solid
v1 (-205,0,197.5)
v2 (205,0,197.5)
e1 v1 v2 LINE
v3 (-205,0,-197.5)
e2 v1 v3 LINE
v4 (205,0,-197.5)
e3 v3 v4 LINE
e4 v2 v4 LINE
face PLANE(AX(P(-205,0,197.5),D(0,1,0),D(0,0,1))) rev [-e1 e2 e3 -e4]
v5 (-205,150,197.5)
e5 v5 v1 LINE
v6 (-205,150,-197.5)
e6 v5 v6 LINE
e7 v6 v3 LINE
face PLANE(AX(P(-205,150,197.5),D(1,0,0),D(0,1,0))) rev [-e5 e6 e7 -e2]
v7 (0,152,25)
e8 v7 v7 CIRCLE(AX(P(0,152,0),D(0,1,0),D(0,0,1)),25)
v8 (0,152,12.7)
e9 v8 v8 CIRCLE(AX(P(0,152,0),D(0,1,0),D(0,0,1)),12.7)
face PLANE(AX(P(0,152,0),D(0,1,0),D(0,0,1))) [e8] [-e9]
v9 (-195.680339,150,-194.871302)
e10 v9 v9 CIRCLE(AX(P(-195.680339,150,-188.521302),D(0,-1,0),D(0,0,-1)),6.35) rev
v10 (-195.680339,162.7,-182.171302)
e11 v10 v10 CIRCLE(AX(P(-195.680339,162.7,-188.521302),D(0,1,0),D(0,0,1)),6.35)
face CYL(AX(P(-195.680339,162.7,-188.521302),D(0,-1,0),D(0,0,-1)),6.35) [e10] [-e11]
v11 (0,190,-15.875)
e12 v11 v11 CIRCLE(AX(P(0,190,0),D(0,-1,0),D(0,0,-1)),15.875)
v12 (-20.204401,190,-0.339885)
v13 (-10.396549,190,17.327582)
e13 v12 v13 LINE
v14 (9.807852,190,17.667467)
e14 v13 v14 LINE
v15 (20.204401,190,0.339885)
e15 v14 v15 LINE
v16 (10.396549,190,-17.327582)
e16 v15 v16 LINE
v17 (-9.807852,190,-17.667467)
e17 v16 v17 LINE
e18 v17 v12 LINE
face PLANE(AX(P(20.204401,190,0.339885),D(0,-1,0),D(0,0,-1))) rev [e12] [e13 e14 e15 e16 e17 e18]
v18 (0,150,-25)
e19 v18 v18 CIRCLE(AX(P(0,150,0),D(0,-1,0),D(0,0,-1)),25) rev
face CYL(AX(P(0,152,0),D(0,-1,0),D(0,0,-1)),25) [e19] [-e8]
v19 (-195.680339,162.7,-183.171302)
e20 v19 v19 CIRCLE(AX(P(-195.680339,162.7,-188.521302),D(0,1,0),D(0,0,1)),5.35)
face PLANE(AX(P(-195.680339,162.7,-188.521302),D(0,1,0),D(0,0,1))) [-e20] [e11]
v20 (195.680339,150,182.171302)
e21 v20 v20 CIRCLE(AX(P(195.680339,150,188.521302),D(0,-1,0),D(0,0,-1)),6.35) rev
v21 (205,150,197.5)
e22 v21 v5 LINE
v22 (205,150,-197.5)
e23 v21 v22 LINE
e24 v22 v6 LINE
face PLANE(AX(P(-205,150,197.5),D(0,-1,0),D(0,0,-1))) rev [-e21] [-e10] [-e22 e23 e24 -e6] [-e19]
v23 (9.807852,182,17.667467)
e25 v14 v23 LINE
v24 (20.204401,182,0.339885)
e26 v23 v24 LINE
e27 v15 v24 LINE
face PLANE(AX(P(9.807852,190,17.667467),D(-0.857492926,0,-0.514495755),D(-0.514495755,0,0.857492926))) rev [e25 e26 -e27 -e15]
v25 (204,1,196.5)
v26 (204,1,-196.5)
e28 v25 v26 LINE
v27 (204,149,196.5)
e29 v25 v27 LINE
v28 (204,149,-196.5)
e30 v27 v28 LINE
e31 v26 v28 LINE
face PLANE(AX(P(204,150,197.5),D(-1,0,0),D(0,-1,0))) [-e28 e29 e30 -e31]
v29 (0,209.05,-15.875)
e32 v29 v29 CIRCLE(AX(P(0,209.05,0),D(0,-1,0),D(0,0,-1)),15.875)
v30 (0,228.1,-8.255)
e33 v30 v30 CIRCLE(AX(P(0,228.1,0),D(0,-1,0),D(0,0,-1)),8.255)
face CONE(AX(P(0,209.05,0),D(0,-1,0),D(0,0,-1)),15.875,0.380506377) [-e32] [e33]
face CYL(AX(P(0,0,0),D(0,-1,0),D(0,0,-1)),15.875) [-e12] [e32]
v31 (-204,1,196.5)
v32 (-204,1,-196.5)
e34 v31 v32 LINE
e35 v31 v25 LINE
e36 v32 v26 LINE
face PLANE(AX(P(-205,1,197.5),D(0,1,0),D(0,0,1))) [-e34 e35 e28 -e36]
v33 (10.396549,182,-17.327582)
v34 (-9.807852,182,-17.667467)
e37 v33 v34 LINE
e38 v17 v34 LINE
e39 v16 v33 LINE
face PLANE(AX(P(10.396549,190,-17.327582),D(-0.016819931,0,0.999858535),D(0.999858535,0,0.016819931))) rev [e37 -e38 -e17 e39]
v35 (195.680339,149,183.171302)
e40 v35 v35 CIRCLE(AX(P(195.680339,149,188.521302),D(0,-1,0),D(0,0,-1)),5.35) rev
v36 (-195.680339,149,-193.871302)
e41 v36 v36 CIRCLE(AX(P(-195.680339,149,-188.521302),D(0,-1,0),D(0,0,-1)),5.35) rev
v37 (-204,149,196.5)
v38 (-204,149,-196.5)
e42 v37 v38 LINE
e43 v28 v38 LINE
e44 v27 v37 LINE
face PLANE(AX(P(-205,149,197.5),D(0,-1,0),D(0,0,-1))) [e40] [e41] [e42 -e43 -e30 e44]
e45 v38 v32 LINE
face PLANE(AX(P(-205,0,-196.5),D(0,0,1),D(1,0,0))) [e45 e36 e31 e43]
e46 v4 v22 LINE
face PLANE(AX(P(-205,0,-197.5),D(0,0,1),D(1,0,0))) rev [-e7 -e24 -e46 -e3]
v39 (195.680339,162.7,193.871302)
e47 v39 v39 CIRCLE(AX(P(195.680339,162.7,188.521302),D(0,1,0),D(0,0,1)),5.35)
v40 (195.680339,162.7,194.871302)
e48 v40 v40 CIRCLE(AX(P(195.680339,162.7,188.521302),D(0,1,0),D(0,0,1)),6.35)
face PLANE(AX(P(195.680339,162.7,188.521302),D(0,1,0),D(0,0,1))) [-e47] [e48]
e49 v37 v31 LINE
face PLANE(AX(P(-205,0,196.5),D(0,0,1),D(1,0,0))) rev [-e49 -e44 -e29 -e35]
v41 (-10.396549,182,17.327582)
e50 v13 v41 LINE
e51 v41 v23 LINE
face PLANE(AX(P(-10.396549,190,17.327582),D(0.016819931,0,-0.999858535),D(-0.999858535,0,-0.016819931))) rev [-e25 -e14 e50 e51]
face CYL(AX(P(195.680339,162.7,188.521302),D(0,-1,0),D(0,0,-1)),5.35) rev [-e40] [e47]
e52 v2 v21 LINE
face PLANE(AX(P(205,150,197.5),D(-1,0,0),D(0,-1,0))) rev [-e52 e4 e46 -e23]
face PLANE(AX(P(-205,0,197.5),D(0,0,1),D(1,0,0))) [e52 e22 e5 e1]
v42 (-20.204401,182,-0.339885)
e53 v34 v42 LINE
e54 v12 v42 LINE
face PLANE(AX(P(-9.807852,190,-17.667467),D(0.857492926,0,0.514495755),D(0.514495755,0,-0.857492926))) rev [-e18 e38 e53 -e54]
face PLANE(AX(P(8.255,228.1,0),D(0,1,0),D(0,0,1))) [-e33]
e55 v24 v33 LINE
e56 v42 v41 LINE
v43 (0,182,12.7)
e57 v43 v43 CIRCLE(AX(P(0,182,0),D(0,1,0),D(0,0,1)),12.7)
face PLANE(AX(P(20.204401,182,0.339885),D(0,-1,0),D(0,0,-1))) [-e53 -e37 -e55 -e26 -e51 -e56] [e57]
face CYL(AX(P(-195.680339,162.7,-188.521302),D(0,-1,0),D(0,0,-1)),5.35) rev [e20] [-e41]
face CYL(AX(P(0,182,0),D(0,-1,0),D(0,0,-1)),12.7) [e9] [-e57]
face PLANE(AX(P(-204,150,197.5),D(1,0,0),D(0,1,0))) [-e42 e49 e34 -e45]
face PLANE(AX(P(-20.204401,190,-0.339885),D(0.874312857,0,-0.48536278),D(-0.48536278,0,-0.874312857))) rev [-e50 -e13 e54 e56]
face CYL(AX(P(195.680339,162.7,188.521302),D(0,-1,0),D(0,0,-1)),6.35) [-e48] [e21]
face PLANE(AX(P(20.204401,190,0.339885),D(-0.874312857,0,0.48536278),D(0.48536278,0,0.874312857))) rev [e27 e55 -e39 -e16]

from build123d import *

# Parameters (mm, degrees)
SKETCH1_W      = 410
SKETCH1_H      = 150
EXTRUDE1_DEPTH = 197.5
SKETCH2_R      = 6.35
EXTRUDE2_DEPTH = 12.7
SHELL1_T       = -1
SKETCH3_R      = 25
EXTRUDE3_DEPTH = 2
SKETCH4_R      = 12.7
EXTRUDE4_DEPTH = 30
EXTRUDE5_DEPTH = 8


with BuildPart() as part:
    # Sketch1 → Extrude1 (new, symmetric)
    with BuildSketch(Plane.XY):
        with Locations((0, 75)):
            Rectangle(SKETCH1_W, SKETCH1_H)
    extrude(amount=EXTRUDE1_DEPTH, both=True)

    # Sketch2 → Extrude2 (add)
    with BuildSketch(Plane(origin=(0, 150, 0), x_dir=(1, 0, 0), z_dir=(0, 1, 0))):
        with Locations(Location((-195.680339288, 188.521302485, 0), (0, 0, 90))):
            Circle(SKETCH2_R)
        with Locations(Location((195.680339288, -188.521302485, 0), (0, 0, 90))):
            Circle(SKETCH2_R)
    extrude(amount=EXTRUDE2_DEPTH)

    # Shell1
    shell1_openings = [part.faces().sort_by_distance(p)[0] for p in [
        (-195.680339288, 162.7, -188.521302485),
        (195.680339288, 162.7, 188.521302485),
    ]]
    offset(amount=SHELL1_T, openings=shell1_openings, kind=Kind.INTERSECTION)

    # Sketch3 → Extrude3 (add)
    with BuildSketch(Plane(origin=(0, 150, 0), x_dir=(1, 0, 0), z_dir=(0, 1, 0))):
        with Locations(Location((0, 0, 0), (0, 0, 90))):
            Circle(SKETCH3_R)
    extrude(amount=EXTRUDE3_DEPTH)

    # Sketch4 → Extrude4 (add)
    with BuildSketch(Plane(origin=(0, 152, 0), x_dir=(1, 0, 0), z_dir=(0, 1, 0))):
        with Locations(Location((0, 0, 0), (0, 0, 270))):
            Circle(SKETCH4_R)
    extrude(amount=EXTRUDE4_DEPTH)

    # Sketch5 → Extrude5 (add)
    with BuildSketch(Plane(origin=(0, 182, 0), x_dir=(1, 0, 0), z_dir=(0, 1, 0))):
        Polygon((10.396549201, 17.327582002), (-9.807851599, 17.667466721), (-20.204400801, 0.339884719), (-10.396549201, -17.327582002), (9.807851599, -17.667466721), (20.204400801, -0.339884719), align=None)
    extrude(amount=EXTRUDE5_DEPTH)

    # Sketch6 → Revolve1 (revolve)
    with BuildSketch(Plane.XY, mode=Mode.PRIVATE) as revolve1_sk:
        Polygon((0, 190), (15.875, 190), (15.875, 209.05), (8.255, 228.1), (0, 228.1), align=None)
    revolve(revolve1_sk.sketch.rotate(Axis((0, 0, 0), (0, 1, 0)), 90), axis=Axis((0, 0, 0), (0, 1, 0)))


solid = part.part
